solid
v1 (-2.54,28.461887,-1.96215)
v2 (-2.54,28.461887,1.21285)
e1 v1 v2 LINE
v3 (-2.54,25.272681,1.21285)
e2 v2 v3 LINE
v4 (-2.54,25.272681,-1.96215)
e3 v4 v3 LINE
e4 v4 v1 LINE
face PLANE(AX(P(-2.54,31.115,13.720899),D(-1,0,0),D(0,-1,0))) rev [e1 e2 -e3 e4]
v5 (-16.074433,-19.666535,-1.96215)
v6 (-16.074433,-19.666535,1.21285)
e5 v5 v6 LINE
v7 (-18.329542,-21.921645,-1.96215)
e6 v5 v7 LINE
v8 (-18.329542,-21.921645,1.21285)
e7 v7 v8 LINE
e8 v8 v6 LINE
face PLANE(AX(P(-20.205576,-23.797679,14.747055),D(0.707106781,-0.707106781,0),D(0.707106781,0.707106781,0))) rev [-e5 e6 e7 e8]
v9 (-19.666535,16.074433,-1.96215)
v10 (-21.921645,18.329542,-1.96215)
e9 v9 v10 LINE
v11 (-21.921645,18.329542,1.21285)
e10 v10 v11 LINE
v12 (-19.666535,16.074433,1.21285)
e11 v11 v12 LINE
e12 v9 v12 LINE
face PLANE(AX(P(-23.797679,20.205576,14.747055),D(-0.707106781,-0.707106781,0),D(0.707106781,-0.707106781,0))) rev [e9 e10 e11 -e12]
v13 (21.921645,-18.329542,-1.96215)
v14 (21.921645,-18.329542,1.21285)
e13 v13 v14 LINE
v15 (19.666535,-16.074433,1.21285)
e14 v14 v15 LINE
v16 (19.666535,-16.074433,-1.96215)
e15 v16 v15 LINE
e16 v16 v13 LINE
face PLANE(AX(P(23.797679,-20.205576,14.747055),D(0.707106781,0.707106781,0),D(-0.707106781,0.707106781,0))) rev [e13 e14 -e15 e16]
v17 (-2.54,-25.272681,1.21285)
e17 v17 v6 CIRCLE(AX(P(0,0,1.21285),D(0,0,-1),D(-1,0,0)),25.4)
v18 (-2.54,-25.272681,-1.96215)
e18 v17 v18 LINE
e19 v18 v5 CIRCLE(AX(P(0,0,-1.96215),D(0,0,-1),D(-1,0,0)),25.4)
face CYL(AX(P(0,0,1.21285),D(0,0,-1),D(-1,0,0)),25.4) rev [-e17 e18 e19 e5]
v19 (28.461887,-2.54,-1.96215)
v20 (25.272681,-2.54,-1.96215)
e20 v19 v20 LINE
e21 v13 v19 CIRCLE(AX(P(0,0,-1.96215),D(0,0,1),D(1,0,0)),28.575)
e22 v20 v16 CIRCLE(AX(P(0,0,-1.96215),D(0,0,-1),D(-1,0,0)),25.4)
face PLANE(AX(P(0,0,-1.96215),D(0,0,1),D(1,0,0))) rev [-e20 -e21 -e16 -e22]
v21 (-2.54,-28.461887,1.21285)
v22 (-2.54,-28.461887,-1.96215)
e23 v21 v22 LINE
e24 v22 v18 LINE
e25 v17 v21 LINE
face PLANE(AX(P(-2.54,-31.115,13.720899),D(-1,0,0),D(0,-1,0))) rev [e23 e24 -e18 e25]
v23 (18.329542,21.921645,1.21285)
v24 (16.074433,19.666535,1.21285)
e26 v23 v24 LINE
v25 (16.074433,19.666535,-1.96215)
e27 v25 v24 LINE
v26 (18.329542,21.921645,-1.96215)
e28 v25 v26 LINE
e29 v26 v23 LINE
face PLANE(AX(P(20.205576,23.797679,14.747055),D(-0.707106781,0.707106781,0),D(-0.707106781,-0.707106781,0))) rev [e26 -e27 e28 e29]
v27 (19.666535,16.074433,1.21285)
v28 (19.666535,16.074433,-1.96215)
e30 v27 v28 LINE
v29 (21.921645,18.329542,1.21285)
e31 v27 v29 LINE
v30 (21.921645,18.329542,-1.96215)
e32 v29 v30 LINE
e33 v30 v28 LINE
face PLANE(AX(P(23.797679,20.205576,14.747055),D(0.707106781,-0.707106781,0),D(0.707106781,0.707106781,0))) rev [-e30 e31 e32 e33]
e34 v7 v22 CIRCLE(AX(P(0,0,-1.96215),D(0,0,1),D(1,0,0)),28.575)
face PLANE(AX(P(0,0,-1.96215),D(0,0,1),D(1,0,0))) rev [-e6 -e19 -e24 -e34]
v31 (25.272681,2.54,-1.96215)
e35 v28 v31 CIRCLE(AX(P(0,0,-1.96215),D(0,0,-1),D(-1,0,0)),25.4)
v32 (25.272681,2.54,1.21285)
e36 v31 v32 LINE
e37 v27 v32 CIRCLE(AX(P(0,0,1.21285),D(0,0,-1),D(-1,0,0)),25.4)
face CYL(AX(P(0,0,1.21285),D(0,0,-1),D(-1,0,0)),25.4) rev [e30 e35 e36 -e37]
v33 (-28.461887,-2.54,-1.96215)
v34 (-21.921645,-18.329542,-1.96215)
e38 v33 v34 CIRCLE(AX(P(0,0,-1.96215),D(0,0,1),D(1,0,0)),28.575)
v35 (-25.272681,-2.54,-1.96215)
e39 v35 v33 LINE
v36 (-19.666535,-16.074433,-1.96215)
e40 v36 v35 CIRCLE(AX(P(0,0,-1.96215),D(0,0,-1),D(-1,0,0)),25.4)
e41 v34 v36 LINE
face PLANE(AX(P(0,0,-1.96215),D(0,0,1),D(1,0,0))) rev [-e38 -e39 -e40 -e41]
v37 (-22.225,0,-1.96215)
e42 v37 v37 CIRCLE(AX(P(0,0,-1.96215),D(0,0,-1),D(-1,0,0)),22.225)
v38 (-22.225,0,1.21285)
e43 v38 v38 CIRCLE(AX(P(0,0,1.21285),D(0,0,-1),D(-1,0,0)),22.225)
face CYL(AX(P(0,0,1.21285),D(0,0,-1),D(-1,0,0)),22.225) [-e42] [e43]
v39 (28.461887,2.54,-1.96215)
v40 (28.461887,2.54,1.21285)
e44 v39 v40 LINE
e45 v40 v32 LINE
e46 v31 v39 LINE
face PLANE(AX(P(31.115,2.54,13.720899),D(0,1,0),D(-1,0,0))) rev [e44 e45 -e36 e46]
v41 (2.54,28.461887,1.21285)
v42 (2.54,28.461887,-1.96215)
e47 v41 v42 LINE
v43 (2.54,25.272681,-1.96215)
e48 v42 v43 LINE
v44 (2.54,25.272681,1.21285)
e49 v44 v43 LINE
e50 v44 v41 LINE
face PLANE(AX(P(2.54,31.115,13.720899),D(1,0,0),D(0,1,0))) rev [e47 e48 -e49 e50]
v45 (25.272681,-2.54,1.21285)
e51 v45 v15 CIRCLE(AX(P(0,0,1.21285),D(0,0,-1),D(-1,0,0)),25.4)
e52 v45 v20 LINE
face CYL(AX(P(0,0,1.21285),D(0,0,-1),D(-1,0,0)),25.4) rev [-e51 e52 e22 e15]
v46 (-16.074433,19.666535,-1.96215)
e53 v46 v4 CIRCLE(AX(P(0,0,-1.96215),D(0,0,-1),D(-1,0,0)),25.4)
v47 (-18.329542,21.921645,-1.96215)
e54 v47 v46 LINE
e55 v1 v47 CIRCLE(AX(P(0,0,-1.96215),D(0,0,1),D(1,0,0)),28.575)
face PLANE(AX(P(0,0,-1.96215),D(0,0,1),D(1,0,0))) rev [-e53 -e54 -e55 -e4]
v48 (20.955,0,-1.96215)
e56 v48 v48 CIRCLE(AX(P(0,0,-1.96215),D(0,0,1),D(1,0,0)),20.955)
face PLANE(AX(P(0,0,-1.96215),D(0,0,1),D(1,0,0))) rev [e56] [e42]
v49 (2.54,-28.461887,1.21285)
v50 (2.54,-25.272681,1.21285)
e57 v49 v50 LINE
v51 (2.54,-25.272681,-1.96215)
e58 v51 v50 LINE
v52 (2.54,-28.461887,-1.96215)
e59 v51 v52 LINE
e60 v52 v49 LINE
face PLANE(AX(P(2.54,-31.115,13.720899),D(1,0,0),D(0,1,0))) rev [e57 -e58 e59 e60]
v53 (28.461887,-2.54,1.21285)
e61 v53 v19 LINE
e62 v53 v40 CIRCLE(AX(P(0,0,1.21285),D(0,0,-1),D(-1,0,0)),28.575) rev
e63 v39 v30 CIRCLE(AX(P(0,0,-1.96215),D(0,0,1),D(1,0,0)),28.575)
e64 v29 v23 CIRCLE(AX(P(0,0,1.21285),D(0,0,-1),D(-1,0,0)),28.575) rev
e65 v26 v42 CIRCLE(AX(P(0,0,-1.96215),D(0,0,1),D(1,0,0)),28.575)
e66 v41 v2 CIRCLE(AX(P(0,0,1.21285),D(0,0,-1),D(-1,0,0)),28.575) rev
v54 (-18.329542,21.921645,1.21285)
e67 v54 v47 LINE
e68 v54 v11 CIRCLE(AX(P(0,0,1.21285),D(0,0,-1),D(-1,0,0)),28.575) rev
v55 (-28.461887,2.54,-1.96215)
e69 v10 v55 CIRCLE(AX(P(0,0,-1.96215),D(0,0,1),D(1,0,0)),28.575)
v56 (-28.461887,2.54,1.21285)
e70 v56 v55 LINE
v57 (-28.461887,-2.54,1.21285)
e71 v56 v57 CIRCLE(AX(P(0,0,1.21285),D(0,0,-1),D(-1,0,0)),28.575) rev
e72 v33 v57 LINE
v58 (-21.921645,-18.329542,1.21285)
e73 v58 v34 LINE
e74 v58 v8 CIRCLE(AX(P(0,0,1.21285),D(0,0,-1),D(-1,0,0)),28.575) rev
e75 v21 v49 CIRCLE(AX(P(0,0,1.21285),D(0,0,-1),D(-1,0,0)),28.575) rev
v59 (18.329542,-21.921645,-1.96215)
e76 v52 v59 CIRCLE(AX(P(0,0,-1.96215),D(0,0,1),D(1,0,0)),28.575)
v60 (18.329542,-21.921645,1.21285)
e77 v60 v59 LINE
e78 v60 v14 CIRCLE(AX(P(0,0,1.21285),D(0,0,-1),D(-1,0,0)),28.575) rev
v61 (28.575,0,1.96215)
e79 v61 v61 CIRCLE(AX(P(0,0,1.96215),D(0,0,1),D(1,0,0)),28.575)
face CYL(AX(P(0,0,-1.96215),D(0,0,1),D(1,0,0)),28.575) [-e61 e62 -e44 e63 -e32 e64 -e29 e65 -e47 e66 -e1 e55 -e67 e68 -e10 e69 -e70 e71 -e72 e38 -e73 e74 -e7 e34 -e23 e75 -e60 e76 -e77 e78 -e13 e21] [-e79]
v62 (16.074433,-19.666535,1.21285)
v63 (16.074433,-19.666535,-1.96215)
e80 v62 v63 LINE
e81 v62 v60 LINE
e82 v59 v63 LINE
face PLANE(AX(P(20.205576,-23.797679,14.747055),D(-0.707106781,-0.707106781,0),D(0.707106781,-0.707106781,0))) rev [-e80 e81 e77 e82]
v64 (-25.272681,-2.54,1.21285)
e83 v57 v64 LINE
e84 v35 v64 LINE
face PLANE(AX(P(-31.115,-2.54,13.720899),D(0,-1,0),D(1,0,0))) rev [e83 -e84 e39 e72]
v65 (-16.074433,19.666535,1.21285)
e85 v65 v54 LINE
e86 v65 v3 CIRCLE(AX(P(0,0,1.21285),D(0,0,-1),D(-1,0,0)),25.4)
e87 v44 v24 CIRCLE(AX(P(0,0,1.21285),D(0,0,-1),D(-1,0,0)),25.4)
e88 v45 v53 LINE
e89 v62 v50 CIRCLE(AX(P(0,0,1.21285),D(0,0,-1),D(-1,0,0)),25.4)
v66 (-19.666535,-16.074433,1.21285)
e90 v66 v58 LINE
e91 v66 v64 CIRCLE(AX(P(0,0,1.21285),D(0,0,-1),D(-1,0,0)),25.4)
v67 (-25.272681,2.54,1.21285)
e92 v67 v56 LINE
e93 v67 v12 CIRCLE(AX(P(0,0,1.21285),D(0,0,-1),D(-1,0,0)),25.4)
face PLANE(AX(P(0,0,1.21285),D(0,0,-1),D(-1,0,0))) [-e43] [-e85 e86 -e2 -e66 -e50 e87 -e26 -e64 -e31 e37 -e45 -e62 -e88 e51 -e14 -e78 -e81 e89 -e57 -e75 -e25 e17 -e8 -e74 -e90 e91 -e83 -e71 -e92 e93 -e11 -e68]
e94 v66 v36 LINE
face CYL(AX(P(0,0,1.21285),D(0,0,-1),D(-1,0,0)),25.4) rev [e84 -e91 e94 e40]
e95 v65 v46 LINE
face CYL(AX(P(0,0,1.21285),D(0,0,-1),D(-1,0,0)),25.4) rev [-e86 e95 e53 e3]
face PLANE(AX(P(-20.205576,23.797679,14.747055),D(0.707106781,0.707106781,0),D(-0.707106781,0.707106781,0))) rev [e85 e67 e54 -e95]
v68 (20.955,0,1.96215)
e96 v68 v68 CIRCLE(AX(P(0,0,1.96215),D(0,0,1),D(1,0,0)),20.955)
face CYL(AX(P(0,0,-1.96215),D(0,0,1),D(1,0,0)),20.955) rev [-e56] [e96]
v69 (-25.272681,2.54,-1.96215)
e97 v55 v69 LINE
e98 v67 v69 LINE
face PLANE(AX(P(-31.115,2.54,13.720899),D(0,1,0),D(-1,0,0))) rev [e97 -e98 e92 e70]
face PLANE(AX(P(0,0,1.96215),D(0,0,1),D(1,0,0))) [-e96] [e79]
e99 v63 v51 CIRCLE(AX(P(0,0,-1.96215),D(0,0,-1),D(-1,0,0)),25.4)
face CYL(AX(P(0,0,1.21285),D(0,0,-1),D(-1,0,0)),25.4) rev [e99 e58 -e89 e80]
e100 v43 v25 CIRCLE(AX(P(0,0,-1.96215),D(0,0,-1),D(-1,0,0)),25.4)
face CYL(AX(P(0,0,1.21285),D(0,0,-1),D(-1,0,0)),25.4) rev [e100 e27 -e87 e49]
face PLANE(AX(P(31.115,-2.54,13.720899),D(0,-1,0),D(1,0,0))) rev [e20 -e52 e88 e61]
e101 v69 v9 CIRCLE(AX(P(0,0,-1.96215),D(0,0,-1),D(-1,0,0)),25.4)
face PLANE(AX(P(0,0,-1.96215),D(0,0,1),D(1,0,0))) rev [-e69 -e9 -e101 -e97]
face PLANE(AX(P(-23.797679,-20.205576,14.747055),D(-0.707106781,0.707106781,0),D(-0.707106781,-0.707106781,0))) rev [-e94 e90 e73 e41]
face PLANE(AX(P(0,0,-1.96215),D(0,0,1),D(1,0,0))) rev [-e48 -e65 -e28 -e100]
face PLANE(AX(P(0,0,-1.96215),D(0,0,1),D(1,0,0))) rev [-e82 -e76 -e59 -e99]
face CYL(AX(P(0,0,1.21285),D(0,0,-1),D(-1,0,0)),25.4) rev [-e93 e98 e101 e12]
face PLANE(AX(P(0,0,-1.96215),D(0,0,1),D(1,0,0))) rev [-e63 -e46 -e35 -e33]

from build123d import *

# Parameters (mm, degrees)
SKETCH1_R                 = 28.575
SKETCH1_R_2               = 20.955
BOSS_EXTRUDE1_DEPTH       = 1.96215
BOSS_EXTRUDE1_DEPTH_BACK  = 1.96215
F_0_80_TAPPED_HOLE1_D     = 1.19126
F_0_80_TAPPED_HOLE1_DEPTH = 3.302
F_0_80_TAPPED_HOLE1_TIP   = 0.357890611
SKETCH4_R                 = 25.4
SKETCH4_R_2               = 22.225
CUT_EXTRUDE2_DEPTH        = 3.175
CUT_EXTRUDE3_DEPTH        = 3.175
CIRPATTERN1_COUNT         = 8


with BuildPart() as part:
    # Sketch1 → Boss-Extrude1 (new body, two sides)
    with BuildSketch(Plane.XY) as boss_extrude1_sk:
        Circle(SKETCH1_R)
        Circle(SKETCH1_R_2, mode=Mode.SUBTRACT)
    extrude(amount=BOSS_EXTRUDE1_DEPTH)
    extrude(boss_extrude1_sk.sketch, amount=-BOSS_EXTRUDE1_DEPTH_BACK)

    # #0-80 Tapped Hole1
    with Locations(Plane(origin=(0, 28.575, 0.041948097), x_dir=(1, 0, 0), z_dir=(0, 1, 0))):
        with Locations((0, 0)):
            Hole(F_0_80_TAPPED_HOLE1_D / 2, depth=F_0_80_TAPPED_HOLE1_DEPTH)
            with Locations((0, 0, -(F_0_80_TAPPED_HOLE1_DEPTH + F_0_80_TAPPED_HOLE1_TIP / 2))):  # 118° drill point
                Cone(0, F_0_80_TAPPED_HOLE1_D / 2, F_0_80_TAPPED_HOLE1_TIP, mode=Mode.SUBTRACT)

    # Sketch4 → Cut-Extrude2 (cut)
    with BuildSketch(Plane(origin=(0, 0, -1.96215), x_dir=(-1, 0, 0), z_dir=(0, 0, -1))):
        Circle(SKETCH4_R)
        Circle(SKETCH4_R_2, mode=Mode.SUBTRACT)
    extrude(amount=-CUT_EXTRUDE2_DEPTH, mode=Mode.SUBTRACT)

    # Sketch5 → Cut-Extrude3 (cut)
    with BuildSketch(Plane(origin=(0, 0, -1.96215), x_dir=(-1, 0, 0), z_dir=(0, 0, -1))):
        with BuildLine():
            Line((2.54, 31.115), (2.54, 24.765))
            ThreePointArc((2.54, 24.765), (0, 22.225), (-2.54, 24.765))
            Line((-2.54, 24.765), (-2.54, 31.115))
            ThreePointArc((-2.54, 31.115), (0, 33.655), (2.54, 31.115))
        make_face()
    cut_extrude3 = extrude(amount=-CUT_EXTRUDE3_DEPTH, mode=Mode.SUBTRACT)

    # CirPattern1: Cut-Extrude3 ×8 about axis
    cirpattern1_axis = Axis((0, 0, 0), (0, 0, 1))
    for i in range(1, CIRPATTERN1_COUNT):
        add(cut_extrude3.rotate(cirpattern1_axis, i * 360 / CIRPATTERN1_COUNT), mode=Mode.SUBTRACT)


solid = part.part
